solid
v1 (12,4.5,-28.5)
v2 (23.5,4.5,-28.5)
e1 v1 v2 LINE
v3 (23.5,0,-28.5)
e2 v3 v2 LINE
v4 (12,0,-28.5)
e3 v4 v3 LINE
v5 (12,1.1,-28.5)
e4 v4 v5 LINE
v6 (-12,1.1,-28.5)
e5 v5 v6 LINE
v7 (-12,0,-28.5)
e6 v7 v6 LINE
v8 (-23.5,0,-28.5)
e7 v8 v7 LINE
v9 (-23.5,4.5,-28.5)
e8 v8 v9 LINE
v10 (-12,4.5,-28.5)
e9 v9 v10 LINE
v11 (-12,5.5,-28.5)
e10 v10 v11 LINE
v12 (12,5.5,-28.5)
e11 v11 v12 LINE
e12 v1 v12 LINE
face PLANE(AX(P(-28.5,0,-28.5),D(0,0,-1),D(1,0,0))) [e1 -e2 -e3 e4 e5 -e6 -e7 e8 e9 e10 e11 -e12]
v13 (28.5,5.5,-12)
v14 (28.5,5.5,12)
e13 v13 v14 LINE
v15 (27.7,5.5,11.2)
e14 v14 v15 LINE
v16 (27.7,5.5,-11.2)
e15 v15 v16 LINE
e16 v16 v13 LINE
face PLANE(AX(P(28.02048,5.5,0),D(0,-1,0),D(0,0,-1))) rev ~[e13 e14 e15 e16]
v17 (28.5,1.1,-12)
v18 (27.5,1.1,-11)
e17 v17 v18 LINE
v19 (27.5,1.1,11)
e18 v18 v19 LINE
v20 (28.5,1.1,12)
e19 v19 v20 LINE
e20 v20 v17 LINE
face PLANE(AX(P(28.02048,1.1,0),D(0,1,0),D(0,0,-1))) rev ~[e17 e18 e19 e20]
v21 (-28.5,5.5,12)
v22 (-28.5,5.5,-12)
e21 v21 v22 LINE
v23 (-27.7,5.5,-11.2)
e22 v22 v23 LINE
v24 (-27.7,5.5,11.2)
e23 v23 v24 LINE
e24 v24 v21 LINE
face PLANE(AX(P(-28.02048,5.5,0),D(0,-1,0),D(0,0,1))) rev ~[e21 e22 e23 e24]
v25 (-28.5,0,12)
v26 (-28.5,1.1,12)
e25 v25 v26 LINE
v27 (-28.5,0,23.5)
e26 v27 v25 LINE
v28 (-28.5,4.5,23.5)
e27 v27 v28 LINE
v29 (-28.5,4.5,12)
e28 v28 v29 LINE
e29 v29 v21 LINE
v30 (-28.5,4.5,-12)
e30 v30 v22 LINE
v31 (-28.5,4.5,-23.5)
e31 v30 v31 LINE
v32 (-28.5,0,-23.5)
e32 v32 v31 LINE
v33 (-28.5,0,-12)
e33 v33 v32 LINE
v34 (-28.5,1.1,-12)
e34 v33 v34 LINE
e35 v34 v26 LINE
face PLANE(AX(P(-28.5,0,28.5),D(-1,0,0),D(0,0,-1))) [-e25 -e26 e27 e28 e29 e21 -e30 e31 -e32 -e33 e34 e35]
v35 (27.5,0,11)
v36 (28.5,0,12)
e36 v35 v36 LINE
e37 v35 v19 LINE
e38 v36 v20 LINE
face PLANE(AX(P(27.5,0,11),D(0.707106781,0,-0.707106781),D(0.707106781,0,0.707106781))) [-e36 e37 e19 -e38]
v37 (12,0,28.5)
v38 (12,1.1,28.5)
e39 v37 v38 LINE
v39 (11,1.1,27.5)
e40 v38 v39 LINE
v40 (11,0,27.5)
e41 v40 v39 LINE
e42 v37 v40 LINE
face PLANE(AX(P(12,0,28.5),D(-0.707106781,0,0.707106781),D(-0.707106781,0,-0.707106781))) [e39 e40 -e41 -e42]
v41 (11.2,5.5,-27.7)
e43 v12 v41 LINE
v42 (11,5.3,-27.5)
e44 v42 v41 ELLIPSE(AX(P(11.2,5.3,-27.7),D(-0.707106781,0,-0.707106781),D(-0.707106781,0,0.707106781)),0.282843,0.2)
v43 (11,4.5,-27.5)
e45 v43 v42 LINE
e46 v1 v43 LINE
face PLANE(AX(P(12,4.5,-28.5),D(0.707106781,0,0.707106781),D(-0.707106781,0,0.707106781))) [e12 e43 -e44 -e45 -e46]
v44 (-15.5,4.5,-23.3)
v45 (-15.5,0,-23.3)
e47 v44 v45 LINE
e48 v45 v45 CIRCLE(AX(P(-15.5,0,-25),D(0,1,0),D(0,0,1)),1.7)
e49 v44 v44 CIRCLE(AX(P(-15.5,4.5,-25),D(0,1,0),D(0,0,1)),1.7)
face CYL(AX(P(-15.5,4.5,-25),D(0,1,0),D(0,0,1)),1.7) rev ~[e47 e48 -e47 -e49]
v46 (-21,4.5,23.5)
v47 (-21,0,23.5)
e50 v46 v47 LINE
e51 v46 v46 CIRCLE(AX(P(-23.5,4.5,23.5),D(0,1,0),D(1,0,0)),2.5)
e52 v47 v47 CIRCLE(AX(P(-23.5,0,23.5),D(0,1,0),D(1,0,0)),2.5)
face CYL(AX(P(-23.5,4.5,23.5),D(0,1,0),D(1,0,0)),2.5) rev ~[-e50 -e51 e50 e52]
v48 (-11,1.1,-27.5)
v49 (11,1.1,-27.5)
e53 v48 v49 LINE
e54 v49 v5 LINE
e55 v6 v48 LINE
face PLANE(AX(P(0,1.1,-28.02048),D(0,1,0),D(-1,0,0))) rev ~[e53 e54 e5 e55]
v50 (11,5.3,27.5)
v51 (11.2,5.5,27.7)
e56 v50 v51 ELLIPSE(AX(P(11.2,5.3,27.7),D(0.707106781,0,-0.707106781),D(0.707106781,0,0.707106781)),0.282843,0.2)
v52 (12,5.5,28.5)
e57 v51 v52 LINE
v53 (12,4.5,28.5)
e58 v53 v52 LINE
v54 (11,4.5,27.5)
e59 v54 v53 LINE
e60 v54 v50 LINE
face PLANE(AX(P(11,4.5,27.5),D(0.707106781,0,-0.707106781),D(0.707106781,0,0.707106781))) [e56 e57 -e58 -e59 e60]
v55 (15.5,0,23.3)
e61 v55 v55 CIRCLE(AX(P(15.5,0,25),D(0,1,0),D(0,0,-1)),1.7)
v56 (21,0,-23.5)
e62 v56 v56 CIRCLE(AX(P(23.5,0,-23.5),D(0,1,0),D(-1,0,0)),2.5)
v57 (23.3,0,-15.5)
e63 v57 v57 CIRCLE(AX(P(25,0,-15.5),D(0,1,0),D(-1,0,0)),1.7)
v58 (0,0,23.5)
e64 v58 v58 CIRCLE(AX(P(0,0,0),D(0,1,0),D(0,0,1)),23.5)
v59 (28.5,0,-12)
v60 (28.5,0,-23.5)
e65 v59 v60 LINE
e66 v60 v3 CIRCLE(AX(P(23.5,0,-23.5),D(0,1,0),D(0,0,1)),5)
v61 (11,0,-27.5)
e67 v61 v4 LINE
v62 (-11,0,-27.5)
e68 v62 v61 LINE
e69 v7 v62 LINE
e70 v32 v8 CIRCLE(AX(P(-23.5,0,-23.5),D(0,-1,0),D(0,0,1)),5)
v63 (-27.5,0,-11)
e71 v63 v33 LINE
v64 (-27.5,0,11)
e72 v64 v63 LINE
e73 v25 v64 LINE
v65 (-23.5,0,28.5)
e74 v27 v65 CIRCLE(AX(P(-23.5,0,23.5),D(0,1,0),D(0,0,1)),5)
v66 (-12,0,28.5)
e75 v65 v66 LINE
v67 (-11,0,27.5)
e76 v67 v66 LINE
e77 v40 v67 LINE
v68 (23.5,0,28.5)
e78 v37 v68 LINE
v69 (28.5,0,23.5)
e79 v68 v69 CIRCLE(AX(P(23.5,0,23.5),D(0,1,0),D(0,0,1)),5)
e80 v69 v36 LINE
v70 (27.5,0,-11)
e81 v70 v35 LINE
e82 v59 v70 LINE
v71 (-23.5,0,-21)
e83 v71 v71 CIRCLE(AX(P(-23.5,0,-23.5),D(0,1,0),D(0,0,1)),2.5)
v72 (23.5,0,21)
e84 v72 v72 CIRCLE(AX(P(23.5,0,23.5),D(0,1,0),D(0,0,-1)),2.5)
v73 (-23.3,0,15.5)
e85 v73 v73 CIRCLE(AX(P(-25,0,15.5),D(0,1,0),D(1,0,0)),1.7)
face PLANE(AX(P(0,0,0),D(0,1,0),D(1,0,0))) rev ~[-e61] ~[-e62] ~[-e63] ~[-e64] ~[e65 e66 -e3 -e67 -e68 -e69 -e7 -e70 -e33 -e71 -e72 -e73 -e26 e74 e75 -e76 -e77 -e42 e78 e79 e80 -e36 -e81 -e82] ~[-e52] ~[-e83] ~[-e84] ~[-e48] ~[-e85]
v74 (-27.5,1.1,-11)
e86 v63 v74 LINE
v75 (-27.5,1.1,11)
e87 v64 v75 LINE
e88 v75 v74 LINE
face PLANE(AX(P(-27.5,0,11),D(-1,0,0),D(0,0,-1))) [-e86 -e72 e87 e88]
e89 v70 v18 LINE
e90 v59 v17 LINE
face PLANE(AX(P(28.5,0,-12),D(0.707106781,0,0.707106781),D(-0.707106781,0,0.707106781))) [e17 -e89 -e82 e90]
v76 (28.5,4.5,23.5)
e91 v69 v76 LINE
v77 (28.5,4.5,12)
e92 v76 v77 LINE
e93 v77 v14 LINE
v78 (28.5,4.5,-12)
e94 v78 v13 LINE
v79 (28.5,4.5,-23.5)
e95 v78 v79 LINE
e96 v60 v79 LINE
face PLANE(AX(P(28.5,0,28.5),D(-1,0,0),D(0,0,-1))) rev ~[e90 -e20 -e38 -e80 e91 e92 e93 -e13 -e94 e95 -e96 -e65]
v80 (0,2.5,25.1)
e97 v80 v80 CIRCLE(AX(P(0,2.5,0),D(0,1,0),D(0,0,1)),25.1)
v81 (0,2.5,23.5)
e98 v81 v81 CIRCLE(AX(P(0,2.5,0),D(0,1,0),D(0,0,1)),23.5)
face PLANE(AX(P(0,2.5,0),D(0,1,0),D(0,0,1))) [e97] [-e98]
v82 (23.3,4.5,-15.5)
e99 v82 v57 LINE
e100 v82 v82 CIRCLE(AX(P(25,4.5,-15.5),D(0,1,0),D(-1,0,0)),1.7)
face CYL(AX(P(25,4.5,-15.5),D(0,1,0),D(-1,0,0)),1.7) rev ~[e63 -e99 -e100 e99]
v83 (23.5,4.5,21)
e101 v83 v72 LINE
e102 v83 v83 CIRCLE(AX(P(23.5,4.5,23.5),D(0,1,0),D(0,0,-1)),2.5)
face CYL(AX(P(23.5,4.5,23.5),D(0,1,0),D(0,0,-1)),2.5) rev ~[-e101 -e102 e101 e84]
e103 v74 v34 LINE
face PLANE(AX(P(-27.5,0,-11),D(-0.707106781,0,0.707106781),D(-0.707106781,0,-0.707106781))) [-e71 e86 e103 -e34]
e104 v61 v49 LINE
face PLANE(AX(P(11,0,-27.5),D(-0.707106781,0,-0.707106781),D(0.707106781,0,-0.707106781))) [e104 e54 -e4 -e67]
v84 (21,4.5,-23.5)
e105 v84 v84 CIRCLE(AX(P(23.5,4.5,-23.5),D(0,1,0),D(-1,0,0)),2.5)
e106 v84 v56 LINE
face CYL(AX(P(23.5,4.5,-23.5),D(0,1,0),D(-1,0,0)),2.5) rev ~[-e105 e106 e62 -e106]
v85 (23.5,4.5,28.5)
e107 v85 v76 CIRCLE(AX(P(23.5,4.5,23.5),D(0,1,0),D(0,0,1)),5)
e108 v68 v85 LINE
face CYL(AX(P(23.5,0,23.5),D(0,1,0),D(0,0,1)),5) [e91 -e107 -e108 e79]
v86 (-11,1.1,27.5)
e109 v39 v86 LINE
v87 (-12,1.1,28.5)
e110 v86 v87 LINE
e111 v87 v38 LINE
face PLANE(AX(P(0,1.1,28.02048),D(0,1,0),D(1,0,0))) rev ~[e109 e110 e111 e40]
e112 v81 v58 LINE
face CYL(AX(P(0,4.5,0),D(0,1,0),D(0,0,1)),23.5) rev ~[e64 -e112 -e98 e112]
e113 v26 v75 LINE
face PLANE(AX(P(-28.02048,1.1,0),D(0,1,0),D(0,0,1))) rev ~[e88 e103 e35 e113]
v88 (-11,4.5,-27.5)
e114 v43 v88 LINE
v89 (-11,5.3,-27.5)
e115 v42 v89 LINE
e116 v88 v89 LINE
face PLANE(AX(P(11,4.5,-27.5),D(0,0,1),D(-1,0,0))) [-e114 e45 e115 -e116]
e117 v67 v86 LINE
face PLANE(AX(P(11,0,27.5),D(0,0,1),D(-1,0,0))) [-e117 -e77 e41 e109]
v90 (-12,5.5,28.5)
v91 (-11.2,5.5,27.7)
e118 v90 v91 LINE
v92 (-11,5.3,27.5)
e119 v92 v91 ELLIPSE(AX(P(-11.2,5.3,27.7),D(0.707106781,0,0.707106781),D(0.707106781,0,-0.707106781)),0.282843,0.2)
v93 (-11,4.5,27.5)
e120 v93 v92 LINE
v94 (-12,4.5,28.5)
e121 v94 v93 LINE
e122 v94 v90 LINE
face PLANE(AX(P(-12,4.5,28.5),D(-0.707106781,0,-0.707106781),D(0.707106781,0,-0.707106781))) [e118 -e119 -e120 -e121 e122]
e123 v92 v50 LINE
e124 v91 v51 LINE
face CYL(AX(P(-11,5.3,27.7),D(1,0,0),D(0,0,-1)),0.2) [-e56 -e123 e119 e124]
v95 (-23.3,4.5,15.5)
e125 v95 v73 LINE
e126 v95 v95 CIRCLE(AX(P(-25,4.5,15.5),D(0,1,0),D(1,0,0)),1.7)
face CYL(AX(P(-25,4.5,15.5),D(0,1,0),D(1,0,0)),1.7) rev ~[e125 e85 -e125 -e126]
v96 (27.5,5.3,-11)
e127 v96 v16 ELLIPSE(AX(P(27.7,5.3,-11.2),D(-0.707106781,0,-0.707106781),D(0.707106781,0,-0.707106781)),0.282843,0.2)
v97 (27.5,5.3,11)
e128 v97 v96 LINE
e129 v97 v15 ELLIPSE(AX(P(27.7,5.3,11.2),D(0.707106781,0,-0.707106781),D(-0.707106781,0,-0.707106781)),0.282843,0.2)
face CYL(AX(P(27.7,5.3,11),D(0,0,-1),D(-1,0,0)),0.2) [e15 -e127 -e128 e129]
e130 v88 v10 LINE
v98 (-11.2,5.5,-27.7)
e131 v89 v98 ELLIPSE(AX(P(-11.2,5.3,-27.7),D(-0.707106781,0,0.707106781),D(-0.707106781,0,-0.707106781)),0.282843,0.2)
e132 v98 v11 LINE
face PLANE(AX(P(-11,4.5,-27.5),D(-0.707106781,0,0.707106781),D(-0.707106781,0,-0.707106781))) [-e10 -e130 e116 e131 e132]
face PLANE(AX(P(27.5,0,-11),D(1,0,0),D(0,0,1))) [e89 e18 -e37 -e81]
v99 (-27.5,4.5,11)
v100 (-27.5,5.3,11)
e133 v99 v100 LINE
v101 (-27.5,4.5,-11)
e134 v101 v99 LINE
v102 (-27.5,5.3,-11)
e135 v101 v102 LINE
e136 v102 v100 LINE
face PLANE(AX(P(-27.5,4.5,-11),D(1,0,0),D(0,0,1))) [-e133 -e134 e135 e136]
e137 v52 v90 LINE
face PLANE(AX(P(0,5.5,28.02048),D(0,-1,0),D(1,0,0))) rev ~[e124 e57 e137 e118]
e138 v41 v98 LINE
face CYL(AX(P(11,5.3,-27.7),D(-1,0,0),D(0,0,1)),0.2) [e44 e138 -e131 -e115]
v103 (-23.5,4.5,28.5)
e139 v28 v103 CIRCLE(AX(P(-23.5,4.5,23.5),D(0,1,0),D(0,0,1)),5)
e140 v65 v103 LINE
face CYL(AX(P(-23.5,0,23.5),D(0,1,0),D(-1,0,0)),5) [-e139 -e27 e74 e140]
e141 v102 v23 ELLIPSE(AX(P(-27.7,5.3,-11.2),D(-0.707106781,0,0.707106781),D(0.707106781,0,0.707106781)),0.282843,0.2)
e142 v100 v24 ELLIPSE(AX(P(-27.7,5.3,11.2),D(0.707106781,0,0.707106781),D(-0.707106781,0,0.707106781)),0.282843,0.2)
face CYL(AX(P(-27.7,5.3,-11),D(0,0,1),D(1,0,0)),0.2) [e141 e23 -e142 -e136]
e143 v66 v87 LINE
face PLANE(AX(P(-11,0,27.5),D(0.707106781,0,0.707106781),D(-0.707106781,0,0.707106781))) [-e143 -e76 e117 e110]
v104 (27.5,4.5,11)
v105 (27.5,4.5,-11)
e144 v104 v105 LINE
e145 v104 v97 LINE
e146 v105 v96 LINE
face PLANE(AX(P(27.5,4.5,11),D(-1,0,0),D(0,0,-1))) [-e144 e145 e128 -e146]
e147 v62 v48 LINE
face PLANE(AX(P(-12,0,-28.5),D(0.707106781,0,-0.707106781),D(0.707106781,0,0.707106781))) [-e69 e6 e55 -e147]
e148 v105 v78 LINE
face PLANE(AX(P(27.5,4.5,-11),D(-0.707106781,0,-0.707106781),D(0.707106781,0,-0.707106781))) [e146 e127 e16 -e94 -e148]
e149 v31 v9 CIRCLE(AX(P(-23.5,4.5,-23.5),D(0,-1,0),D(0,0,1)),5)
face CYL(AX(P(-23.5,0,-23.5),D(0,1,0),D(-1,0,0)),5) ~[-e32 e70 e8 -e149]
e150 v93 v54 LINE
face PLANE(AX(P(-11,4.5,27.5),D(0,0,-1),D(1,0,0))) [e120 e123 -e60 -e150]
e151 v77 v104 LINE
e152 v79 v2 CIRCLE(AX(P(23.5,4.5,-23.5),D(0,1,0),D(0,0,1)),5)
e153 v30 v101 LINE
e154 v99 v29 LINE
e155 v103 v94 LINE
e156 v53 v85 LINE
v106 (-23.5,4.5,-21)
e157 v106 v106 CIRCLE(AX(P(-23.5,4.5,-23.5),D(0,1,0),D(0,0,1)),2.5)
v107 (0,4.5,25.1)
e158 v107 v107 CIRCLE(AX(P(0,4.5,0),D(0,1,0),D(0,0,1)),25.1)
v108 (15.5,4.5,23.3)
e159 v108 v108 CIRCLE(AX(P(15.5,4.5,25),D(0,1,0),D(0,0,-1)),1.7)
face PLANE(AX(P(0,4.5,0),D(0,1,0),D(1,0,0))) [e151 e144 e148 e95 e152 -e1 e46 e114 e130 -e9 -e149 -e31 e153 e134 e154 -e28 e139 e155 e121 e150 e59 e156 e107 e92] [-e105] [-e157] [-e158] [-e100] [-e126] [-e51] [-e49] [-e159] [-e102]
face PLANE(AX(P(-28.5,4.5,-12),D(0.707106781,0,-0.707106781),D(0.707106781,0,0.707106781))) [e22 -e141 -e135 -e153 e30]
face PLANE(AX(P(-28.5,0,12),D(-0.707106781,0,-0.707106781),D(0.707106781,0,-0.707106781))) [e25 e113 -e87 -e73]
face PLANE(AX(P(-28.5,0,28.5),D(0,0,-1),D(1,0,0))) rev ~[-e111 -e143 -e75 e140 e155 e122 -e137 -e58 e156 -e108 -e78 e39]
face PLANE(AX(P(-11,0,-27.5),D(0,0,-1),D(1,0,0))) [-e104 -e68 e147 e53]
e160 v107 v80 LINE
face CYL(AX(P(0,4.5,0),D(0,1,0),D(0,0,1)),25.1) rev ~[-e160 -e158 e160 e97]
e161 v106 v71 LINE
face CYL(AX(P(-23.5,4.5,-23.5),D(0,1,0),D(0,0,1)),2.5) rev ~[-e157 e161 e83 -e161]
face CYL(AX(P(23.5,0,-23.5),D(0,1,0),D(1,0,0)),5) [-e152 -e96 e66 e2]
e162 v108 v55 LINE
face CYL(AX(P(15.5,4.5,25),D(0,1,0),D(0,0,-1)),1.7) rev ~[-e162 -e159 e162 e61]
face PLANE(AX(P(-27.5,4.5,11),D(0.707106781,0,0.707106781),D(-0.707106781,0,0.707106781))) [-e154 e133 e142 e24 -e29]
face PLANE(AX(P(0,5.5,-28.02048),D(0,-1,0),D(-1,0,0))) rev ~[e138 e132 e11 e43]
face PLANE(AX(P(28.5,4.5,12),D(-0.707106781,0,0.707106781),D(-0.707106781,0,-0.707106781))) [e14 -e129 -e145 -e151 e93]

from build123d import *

# Parameters (mm, degrees)
SKETCH1_W                = 57
SKETCH1_H                = 57
BOSS_EXTRUDE1_DEPTH      = 4.5
FILLET1_R                = 5
SKETCH2_R                = 2.5
SKETCH2_R_2              = 1.7
CUT_EXTRUDE1_DEPTH       = 41.555517504
BOSS_EXTRUDE2_DEPTH      = 1
FILLET2_R                = 0.2
SKETCH4_R                = 23.5
CUT_EXTRUDE2_DEPTH       = 41.555517504
SKETCH4_3_R              = 25.1
SKETCH4_3_R_2            = 23.5
CUT_EXTRUDE3_DEPTH       = 2
CUT_EXTRUDE4_DEPTH       = 1.1
CIRPATTERN1_COUNT        = 4
FILLET2_OF_CIRPATTERN1_R = 0.2


with BuildPart() as part:
    # Sketch1 → Boss-Extrude1 (new body)
    with BuildSketch(Plane(origin=(0, 0, 0), x_dir=(1, 0, 0), z_dir=(0, 1, 0))):
        Rectangle(SKETCH1_W, SKETCH1_H)
    extrude(amount=BOSS_EXTRUDE1_DEPTH)

    # Fillet1
    fillet1_edges = [part.edges().sort_by_distance(p)[0] for p in [
        (-28.5, 2.25, -28.5),
        (28.5, 2.25, -28.5),
        (-28.5, 2.25, 28.5),
        (28.5, 2.25, 28.5),
    ]]
    fillet(fillet1_edges, radius=FILLET1_R)

    # Sketch2 → Cut-Extrude1 (cut, through all)
    with BuildSketch(Plane(origin=(0, 4.5, 0), x_dir=(1, 0, 0), z_dir=(0, 1, 0))):
        with Locations((-23.5, 23.5)):
            Circle(SKETCH2_R)
        with Locations((-15.5, 25)):
            Circle(SKETCH2_R_2)
    cut_extrude1 = extrude(amount=-CUT_EXTRUDE1_DEPTH, mode=Mode.SUBTRACT)

    # Sketch3 → Boss-Extrude2 (add)
    with BuildSketch(Plane(origin=(0, 4.5, 0), x_dir=(1, 0, 0), z_dir=(0, 1, 0))):
        Polygon((11, 27.5), (-11, 27.5), (-12, 28.5), (12, 28.5), align=None)
    boss_extrude2 = extrude(amount=BOSS_EXTRUDE2_DEPTH)

    # Fillet2
    fillet2_edges = [part.edges().sort_by_distance(p)[0] for p in [
        (0, 5.5, -27.5),
    ]]
    fillet(fillet2_edges, radius=FILLET2_R)

    # Sketch4 → Cut-Extrude2 (cut, through all)
    with BuildSketch(Plane(origin=(0, 4.5, 0), x_dir=(1, 0, 0), z_dir=(0, 1, 0))):
        Circle(SKETCH4_R)
    extrude(amount=-CUT_EXTRUDE2_DEPTH, mode=Mode.SUBTRACT)

    # Sketch4<3> → Cut-Extrude3 (cut)
    with BuildSketch(Plane(origin=(0, 4.5, 0), x_dir=(1, 0, 0), z_dir=(0, 1, 0))):
        Circle(SKETCH4_3_R)
        Circle(SKETCH4_3_R_2, mode=Mode.SUBTRACT)
    extrude(amount=-CUT_EXTRUDE3_DEPTH, mode=Mode.SUBTRACT)

    # Sketch5 → Cut-Extrude4 (cut)
    with BuildSketch(Plane.XZ):
        Polygon((-11, -27.5), (11, -27.5), (12, -28.5), (-12, -28.5), align=None)
    cut_extrude4 = extrude(amount=-CUT_EXTRUDE4_DEPTH, mode=Mode.SUBTRACT)

    # CirPattern1: Cut-Extrude1, Boss-Extrude2, Cut-Extrude4 ×4 about axis
    cirpattern1_axis = Axis((0, 2.5, 0), (0, 1, 0))
    add([cut_extrude1.rotate(cirpattern1_axis, i * 360 / CIRPATTERN1_COUNT) for i in range(1, CIRPATTERN1_COUNT)], mode=Mode.SUBTRACT)
    add([boss_extrude2.rotate(cirpattern1_axis, i * 360 / CIRPATTERN1_COUNT) for i in range(1, CIRPATTERN1_COUNT)])
    add([cut_extrude4.rotate(cirpattern1_axis, i * 360 / CIRPATTERN1_COUNT) for i in range(1, CIRPATTERN1_COUNT)], mode=Mode.SUBTRACT)

    # Fillet2 of CirPattern1
    fillet2_of_cirpattern1_edges = [part.edges().sort_by_distance(p)[0] for p in [
        (-27.5, 5.5, 0),
        (0, 5.5, 27.5),
        (27.5, 5.5, 0),
    ]]
    fillet(fillet2_of_cirpattern1_edges, radius=FILLET2_OF_CIRPATTERN1_R)


solid = part.part
